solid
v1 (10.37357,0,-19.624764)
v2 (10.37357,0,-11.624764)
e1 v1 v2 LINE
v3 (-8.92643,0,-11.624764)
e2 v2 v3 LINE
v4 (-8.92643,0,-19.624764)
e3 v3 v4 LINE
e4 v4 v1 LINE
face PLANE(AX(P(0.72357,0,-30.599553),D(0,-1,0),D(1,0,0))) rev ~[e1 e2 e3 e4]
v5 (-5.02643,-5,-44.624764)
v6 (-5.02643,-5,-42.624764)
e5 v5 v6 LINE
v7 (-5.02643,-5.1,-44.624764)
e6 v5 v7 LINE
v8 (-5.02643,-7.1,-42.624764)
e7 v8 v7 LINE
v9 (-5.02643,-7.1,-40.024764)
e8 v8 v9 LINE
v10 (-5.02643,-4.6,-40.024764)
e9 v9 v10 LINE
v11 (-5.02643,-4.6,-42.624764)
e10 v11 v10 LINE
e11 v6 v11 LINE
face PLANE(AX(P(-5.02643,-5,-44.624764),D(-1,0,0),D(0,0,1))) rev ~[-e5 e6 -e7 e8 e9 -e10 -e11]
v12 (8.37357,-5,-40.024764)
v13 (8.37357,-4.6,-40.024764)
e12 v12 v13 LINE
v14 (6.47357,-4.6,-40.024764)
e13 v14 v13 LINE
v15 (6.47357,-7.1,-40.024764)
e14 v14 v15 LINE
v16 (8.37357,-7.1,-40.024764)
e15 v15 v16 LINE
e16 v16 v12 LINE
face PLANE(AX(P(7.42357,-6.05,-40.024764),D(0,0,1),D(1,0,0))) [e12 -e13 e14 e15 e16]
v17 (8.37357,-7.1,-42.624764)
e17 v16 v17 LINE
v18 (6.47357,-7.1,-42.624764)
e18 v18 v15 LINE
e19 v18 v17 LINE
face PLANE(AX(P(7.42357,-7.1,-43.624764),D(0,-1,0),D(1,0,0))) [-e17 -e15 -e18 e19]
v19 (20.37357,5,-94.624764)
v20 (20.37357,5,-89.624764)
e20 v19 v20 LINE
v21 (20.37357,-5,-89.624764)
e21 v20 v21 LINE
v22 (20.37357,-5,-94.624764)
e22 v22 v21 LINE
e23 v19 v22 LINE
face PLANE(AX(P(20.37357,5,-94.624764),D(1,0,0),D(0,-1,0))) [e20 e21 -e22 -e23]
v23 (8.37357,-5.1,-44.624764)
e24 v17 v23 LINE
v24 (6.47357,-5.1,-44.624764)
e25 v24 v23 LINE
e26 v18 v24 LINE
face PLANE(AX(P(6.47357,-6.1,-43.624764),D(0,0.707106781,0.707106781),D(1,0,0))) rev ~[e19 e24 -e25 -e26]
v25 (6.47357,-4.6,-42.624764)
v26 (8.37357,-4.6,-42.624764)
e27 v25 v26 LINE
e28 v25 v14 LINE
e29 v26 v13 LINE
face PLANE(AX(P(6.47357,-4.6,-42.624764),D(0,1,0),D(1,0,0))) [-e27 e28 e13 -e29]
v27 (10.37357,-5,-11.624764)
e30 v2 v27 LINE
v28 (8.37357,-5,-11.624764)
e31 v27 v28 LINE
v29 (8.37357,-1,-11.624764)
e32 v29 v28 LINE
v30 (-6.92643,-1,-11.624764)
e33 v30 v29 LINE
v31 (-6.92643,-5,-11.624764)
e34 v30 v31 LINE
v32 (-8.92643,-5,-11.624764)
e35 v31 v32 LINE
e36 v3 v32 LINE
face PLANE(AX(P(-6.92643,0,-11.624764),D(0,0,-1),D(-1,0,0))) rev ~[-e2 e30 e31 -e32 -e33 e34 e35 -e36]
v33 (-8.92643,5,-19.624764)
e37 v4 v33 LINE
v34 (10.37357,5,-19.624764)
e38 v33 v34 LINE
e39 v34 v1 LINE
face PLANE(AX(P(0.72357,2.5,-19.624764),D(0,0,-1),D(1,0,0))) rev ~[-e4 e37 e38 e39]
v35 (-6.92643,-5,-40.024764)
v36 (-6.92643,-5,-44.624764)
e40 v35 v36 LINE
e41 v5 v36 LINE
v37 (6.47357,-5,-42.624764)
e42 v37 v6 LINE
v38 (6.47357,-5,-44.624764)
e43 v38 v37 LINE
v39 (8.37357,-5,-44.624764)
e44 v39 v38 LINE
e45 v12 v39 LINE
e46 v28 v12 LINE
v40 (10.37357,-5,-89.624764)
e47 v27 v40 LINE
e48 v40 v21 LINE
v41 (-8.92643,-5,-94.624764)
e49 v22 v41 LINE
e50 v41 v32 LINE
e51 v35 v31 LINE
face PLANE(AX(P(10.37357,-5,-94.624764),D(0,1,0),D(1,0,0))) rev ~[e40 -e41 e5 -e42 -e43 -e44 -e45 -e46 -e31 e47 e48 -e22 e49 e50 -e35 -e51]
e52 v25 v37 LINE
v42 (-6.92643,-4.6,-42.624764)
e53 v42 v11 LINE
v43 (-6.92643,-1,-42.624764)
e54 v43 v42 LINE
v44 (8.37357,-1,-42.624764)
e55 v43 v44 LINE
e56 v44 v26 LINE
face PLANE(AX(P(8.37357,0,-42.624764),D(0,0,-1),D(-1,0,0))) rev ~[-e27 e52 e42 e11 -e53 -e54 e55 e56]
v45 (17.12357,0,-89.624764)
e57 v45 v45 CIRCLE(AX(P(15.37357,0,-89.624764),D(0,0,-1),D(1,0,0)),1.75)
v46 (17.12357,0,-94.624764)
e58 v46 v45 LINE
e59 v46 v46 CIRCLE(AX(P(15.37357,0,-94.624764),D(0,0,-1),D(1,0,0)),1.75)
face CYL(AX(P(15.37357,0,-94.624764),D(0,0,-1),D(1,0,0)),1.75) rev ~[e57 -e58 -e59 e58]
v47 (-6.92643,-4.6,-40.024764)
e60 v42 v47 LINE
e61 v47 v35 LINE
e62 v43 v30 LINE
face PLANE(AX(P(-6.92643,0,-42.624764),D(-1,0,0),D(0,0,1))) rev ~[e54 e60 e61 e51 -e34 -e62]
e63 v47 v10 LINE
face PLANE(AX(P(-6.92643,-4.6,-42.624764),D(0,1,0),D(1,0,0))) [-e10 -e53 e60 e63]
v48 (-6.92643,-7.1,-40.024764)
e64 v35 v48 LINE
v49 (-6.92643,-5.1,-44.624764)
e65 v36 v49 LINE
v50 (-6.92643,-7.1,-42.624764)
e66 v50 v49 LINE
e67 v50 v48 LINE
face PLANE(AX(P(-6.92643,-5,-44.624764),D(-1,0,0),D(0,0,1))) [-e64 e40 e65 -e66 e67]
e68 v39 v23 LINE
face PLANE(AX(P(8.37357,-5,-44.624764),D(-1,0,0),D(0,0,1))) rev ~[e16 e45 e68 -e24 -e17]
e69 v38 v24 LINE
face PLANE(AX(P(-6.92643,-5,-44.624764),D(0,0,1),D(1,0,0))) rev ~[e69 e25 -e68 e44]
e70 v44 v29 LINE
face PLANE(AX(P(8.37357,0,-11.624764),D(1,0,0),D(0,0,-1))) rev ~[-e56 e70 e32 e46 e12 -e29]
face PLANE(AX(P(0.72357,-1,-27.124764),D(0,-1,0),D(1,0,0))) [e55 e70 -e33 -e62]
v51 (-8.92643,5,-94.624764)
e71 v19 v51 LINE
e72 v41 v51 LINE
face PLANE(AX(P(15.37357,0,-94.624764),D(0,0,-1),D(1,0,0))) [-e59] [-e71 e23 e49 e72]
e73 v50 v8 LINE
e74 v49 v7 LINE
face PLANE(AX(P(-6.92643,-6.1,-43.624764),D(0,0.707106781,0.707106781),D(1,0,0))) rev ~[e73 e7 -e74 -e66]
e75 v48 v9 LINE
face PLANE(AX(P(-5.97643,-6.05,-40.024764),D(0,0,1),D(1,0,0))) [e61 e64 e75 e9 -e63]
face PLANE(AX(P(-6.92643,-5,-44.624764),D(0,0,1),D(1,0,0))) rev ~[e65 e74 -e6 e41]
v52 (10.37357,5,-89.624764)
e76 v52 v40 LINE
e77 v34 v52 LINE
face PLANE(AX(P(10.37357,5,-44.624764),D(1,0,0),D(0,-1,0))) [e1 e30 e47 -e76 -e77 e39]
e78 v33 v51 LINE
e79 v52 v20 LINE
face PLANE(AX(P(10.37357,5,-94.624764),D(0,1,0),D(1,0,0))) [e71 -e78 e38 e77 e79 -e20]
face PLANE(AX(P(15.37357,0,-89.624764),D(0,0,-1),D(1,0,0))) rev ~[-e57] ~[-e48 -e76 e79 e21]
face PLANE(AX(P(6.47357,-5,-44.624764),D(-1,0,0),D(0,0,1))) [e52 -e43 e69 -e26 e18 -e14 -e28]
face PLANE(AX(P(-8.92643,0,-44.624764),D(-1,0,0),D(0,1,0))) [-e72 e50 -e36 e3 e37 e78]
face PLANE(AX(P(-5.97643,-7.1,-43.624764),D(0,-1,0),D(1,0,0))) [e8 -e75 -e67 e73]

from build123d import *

# Parameters (mm, degrees)
F0_W      = 15.3
F0_H      = 31
F1_DEPTH  = 1
F2_DEPTH  = 5
F3_W      = 1.9
F3_H      = 2.1
F3_H_2    = 0.4
F4_DEPTH  = 2.6
F5_W      = 1.9
F5_H      = 2
F6_DEPTH  = 2.1
F7_W      = 19.3
F7_H      = 5
F8_DEPTH  = 50
F9_SIZE   = 2
F10_DEPTH = 25
F11_W     = 10
F11_H     = 10
F11_R     = 1.75
F12_DEPTH = 5


with BuildPart() as f1:
    # F0 (on Front) → F1 (new body)
    with BuildSketch(Plane.XZ):
        with Locations((0.723570025, -27.1247635409)):
            Rectangle(F0_W, F0_H)
    extrude(amount=F1_DEPTH)

    # F0 (on Front) → F2 (join)
    with BuildSketch(Plane.XZ):
        Polygon((-6.926429975, -42.6247635409), (-6.926429975, -11.6247635409), (-8.926429975, -11.6247635409), (-8.926429975, -44.6247635409), (10.373570025, -44.6247635409), (10.373570025, -11.6247635409), (8.373570025, -11.6247635409), (8.373570025, -42.6247635409), align=None)
    extrude(amount=F2_DEPTH)

    # F3 (on face) → F4 (join)
    with BuildSketch(Plane.XY.offset(-42.6247635409)):
        with Locations((-5.976429975, -6.05)):
            Rectangle(F3_W, F3_H)
        with Locations((-5.976429975, -4.8)):
            Rectangle(F3_W, F3_H_2)
        with Locations((7.423570025, -6.05)):
            Rectangle(F3_W, F3_H)
        with Locations((7.423570025, -4.8)):
            Rectangle(F3_W, F3_H_2)
    extrude(amount=F4_DEPTH)

    # F5 (on face) → F6 (join)
    with BuildSketch(Plane.XZ.offset(5)):
        with Locations((-5.976429975, -43.6247635409)):
            Rectangle(F5_W, F5_H)
        with Locations((7.423570025, -43.6247635409)):
            Rectangle(F5_W, F5_H)
    extrude(amount=F6_DEPTH)

    # F7 (on face) → F8 (join)
    with BuildSketch(Plane(origin=(0, 0, -44.6247635409), x_dir=(1, 0, 0), z_dir=(0, 0, -1))):
        with Locations((0.723570025, -2.5)):
            Rectangle(F7_W, F7_H)
        Polygon((-6.926429975, 5), (-8.926429975, 5), (-8.926429975, 0), (10.373570025, 0), (10.373570025, 5), (8.373570025, 5), (6.473570025, 5), (-5.026429975, 5), align=None)
    extrude(amount=F8_DEPTH)

    # F9
    f9_edges = [f1.edges().sort_by_distance(p)[0] for p in [
        (7.42357, -7.1, -44.624764),
        (-5.97643, -7.1, -44.624764),
    ]]
    chamfer(f9_edges, length=F9_SIZE)

    # F10 (add): a face of the model
    f10_faces = [f1.faces().sort_by_distance(p)[0] for p in [
        (0.723570025, 2.5, -44.6247635409),
    ]]
    extrude(f10_faces, amount=F10_DEPTH)

    # F11 (on face) → F12 (join)
    with BuildSketch(Plane(origin=(0, 0, -94.6247635409), x_dir=(1, 0, 0), z_dir=(0, 0, -1))):
        with Locations((15.373570025, 0)):
            Rectangle(F11_W, F11_H)
        with Locations((15.373570025, 0)):
            Circle(F11_R, mode=Mode.SUBTRACT)
    extrude(amount=-F12_DEPTH)


solid = f1.part
